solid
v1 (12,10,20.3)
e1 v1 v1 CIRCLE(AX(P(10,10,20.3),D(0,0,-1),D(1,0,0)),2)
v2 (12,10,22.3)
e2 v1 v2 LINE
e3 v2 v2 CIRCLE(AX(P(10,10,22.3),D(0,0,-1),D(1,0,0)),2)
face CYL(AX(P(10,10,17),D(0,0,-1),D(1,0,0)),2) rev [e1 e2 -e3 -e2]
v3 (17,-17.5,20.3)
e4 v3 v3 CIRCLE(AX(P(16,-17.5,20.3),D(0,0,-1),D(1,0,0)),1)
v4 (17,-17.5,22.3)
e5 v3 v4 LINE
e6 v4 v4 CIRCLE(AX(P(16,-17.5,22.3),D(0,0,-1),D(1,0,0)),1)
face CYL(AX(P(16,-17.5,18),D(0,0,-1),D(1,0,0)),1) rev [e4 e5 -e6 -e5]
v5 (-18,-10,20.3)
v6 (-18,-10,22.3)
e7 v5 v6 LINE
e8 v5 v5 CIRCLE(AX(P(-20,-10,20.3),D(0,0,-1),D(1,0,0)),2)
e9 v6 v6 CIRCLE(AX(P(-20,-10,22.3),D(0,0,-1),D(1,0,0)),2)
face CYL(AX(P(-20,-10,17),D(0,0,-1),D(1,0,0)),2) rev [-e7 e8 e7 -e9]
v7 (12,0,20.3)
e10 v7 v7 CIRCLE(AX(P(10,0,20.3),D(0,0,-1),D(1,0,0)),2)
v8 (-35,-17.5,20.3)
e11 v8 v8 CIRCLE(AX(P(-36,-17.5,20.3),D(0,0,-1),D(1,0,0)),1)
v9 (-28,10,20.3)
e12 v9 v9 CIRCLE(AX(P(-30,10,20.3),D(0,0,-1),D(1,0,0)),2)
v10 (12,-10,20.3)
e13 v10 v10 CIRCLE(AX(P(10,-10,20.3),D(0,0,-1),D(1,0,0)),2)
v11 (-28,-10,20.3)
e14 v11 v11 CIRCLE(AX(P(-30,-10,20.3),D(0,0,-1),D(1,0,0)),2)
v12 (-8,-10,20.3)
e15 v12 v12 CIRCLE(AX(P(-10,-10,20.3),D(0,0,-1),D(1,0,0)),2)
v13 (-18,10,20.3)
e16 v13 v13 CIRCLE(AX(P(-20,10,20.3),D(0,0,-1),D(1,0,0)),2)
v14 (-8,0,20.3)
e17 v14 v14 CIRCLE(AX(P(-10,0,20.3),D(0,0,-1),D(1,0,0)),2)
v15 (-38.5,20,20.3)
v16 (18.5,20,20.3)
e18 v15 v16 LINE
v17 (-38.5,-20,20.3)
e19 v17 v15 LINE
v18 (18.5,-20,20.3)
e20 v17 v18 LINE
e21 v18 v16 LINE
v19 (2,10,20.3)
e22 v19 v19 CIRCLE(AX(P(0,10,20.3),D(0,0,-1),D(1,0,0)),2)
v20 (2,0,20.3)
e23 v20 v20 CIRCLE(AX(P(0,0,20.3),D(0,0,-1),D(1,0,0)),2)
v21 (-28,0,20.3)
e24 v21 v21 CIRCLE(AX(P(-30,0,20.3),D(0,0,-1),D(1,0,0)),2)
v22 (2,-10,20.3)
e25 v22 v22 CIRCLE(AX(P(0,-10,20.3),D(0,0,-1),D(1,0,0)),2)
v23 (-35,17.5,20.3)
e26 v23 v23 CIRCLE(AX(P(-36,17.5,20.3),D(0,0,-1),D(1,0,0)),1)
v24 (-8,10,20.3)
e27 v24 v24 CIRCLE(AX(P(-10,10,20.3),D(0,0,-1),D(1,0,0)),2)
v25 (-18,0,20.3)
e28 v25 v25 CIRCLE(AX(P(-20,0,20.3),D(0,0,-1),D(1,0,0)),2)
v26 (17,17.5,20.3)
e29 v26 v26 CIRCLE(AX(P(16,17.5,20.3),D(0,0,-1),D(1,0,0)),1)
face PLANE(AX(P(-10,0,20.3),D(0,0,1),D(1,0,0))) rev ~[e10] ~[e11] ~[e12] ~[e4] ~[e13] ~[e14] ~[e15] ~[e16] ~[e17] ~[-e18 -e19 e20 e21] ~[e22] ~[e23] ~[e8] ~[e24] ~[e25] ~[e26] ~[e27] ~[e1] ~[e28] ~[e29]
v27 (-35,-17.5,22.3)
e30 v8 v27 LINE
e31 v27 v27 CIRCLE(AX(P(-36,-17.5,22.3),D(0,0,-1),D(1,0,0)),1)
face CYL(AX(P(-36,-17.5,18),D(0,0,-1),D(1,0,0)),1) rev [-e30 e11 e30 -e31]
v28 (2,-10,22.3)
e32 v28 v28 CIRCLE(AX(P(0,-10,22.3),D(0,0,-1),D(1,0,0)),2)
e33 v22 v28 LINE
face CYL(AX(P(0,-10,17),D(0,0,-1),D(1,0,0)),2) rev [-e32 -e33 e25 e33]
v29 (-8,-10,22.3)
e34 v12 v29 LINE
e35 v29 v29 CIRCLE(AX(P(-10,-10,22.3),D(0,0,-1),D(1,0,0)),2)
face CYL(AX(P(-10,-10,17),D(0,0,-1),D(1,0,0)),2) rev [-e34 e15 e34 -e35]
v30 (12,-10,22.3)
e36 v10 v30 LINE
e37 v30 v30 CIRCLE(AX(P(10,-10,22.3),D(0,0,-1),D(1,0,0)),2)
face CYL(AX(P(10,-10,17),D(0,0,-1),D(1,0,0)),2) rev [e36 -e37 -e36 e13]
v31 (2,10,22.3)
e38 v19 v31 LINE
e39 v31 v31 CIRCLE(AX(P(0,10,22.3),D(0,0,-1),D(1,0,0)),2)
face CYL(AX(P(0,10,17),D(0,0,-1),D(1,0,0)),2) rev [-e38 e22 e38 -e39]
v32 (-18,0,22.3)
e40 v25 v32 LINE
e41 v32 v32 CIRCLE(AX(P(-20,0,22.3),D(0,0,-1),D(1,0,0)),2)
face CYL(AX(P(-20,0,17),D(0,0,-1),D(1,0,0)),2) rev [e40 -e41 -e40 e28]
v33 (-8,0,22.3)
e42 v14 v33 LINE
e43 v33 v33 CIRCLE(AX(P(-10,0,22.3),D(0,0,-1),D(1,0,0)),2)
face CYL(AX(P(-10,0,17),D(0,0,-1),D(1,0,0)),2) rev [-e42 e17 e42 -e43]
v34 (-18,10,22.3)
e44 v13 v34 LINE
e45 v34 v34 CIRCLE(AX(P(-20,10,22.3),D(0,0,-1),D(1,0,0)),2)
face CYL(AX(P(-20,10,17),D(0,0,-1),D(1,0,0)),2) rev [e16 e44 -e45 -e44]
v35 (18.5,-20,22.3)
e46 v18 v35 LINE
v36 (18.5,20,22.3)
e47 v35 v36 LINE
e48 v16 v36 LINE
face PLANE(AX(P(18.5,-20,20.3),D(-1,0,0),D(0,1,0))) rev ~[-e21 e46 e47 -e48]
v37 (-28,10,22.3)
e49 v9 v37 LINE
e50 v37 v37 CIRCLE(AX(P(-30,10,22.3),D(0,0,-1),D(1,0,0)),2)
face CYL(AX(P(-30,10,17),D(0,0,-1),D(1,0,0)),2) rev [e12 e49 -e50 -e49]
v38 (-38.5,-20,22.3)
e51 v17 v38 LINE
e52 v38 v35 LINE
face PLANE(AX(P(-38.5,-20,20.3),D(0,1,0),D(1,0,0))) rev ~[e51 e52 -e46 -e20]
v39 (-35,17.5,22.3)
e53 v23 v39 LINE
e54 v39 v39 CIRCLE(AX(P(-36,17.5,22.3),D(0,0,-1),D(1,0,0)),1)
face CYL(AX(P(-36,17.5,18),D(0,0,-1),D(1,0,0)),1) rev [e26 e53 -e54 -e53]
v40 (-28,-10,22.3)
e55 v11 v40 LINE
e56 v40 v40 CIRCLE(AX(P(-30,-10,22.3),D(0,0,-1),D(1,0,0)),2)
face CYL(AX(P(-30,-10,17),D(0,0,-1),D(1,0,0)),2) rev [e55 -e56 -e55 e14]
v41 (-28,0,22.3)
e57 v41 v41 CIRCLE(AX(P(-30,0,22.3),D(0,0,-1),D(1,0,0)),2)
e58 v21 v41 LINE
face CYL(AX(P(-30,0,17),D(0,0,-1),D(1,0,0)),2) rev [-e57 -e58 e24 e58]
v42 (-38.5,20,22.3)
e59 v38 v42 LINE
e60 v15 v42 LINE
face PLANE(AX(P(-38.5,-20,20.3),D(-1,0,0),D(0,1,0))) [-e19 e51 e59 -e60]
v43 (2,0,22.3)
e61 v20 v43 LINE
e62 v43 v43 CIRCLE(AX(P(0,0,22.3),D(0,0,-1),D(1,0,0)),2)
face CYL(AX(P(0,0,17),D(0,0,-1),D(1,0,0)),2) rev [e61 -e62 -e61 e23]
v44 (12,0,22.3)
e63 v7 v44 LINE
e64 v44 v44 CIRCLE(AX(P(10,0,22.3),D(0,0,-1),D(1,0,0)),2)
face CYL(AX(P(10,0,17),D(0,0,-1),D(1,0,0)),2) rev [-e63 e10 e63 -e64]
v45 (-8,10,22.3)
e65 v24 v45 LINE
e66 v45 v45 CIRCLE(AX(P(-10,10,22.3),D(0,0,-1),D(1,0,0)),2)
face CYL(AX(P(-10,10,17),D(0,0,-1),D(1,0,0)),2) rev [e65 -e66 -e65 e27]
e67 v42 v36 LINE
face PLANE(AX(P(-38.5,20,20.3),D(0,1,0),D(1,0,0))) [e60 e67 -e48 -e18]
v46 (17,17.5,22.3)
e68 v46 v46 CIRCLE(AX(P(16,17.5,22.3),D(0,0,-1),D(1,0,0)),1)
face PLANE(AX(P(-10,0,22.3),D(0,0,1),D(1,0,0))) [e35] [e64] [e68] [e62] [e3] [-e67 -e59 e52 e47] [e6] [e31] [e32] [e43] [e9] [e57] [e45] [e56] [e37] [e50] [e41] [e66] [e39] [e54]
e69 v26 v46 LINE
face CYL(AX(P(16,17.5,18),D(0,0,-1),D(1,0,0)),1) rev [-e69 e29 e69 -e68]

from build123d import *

# Parameters (mm, degrees)
CYLINDER002_R     = 2
CYLINDER002_DEPTH = 10
ARRAY002_X_COUNT  = 5
ARRAY002_X_PITCH  = 10
ARRAY002_Y_COUNT  = 3
ARRAY002_Y_PITCH  = 10
CYLINDER001_R     = 1
CYLINDER001_DEPTH = 10
ARRAY001_X_COUNT  = 2
ARRAY001_X_PITCH  = 52
ARRAY001_Y_COUNT  = 2
ARRAY001_Y_PITCH  = 35
BOX_W             = 57
BOX_H             = 40
BOX_DEPTH         = 2


with BuildPart() as array002:
    # Cylinder002 → Cylinder002 (new body)
    with BuildSketch(Plane(origin=(-30, -10, 17), x_dir=(1, 0, 0), z_dir=(0, 0, 1))):
        Circle(CYLINDER002_R)
    extrude(amount=CYLINDER002_DEPTH)

    # Array002 X: Array002 ×5


with BuildPart() as array002_1:
    add(array002.part)
    with Locations(*[(i * ARRAY002_X_PITCH, 0, 0) for i in range(1, ARRAY002_X_COUNT)]):
        add(array002.part)

    # Array002 Y: Array002 ×3


with BuildPart() as array002_2:
    add(array002_1.part)
    with Locations(*[(0, i * ARRAY002_Y_PITCH, 0) for i in range(1, ARRAY002_Y_COUNT)]):
        add(array002_1.part)


with BuildPart() as array001:
    # Cylinder001 → Cylinder001 (new body)
    with BuildSketch(Plane(origin=(-36, -17.5, 18), x_dir=(1, 0, 0), z_dir=(0, 0, 1))):
        Circle(CYLINDER001_R)
    extrude(amount=CYLINDER001_DEPTH)

    # Array001 X: Array001 ×2


with BuildPart() as array001_1:
    add(array001.part)
    with Locations(*[(i * ARRAY001_X_PITCH, 0, 0) for i in range(1, ARRAY001_X_COUNT)]):
        add(array001.part)

    # Array001 Y: Array001 ×2


with BuildPart() as array001_2:
    add(array001_1.part)
    with Locations(*[(0, i * ARRAY001_Y_PITCH, 0) for i in range(1, ARRAY001_Y_COUNT)]):
        add(array001_1.part)


with BuildPart() as top_cut:
    # Box → Box (new body)
    with BuildSketch(Plane(origin=(-38.5, -20, 20.3), x_dir=(1, 0, 0), z_dir=(0, 0, 1))):
        with Locations((28.5, 20)):
            Rectangle(BOX_W, BOX_H)
    extrude(amount=BOX_DEPTH)

    # Cut003: cut Array001
    add(array001_2.part, mode=Mode.SUBTRACT)

    # Cut004: cut Array002
    add(array002_2.part, mode=Mode.SUBTRACT)


solid = top_cut.part
